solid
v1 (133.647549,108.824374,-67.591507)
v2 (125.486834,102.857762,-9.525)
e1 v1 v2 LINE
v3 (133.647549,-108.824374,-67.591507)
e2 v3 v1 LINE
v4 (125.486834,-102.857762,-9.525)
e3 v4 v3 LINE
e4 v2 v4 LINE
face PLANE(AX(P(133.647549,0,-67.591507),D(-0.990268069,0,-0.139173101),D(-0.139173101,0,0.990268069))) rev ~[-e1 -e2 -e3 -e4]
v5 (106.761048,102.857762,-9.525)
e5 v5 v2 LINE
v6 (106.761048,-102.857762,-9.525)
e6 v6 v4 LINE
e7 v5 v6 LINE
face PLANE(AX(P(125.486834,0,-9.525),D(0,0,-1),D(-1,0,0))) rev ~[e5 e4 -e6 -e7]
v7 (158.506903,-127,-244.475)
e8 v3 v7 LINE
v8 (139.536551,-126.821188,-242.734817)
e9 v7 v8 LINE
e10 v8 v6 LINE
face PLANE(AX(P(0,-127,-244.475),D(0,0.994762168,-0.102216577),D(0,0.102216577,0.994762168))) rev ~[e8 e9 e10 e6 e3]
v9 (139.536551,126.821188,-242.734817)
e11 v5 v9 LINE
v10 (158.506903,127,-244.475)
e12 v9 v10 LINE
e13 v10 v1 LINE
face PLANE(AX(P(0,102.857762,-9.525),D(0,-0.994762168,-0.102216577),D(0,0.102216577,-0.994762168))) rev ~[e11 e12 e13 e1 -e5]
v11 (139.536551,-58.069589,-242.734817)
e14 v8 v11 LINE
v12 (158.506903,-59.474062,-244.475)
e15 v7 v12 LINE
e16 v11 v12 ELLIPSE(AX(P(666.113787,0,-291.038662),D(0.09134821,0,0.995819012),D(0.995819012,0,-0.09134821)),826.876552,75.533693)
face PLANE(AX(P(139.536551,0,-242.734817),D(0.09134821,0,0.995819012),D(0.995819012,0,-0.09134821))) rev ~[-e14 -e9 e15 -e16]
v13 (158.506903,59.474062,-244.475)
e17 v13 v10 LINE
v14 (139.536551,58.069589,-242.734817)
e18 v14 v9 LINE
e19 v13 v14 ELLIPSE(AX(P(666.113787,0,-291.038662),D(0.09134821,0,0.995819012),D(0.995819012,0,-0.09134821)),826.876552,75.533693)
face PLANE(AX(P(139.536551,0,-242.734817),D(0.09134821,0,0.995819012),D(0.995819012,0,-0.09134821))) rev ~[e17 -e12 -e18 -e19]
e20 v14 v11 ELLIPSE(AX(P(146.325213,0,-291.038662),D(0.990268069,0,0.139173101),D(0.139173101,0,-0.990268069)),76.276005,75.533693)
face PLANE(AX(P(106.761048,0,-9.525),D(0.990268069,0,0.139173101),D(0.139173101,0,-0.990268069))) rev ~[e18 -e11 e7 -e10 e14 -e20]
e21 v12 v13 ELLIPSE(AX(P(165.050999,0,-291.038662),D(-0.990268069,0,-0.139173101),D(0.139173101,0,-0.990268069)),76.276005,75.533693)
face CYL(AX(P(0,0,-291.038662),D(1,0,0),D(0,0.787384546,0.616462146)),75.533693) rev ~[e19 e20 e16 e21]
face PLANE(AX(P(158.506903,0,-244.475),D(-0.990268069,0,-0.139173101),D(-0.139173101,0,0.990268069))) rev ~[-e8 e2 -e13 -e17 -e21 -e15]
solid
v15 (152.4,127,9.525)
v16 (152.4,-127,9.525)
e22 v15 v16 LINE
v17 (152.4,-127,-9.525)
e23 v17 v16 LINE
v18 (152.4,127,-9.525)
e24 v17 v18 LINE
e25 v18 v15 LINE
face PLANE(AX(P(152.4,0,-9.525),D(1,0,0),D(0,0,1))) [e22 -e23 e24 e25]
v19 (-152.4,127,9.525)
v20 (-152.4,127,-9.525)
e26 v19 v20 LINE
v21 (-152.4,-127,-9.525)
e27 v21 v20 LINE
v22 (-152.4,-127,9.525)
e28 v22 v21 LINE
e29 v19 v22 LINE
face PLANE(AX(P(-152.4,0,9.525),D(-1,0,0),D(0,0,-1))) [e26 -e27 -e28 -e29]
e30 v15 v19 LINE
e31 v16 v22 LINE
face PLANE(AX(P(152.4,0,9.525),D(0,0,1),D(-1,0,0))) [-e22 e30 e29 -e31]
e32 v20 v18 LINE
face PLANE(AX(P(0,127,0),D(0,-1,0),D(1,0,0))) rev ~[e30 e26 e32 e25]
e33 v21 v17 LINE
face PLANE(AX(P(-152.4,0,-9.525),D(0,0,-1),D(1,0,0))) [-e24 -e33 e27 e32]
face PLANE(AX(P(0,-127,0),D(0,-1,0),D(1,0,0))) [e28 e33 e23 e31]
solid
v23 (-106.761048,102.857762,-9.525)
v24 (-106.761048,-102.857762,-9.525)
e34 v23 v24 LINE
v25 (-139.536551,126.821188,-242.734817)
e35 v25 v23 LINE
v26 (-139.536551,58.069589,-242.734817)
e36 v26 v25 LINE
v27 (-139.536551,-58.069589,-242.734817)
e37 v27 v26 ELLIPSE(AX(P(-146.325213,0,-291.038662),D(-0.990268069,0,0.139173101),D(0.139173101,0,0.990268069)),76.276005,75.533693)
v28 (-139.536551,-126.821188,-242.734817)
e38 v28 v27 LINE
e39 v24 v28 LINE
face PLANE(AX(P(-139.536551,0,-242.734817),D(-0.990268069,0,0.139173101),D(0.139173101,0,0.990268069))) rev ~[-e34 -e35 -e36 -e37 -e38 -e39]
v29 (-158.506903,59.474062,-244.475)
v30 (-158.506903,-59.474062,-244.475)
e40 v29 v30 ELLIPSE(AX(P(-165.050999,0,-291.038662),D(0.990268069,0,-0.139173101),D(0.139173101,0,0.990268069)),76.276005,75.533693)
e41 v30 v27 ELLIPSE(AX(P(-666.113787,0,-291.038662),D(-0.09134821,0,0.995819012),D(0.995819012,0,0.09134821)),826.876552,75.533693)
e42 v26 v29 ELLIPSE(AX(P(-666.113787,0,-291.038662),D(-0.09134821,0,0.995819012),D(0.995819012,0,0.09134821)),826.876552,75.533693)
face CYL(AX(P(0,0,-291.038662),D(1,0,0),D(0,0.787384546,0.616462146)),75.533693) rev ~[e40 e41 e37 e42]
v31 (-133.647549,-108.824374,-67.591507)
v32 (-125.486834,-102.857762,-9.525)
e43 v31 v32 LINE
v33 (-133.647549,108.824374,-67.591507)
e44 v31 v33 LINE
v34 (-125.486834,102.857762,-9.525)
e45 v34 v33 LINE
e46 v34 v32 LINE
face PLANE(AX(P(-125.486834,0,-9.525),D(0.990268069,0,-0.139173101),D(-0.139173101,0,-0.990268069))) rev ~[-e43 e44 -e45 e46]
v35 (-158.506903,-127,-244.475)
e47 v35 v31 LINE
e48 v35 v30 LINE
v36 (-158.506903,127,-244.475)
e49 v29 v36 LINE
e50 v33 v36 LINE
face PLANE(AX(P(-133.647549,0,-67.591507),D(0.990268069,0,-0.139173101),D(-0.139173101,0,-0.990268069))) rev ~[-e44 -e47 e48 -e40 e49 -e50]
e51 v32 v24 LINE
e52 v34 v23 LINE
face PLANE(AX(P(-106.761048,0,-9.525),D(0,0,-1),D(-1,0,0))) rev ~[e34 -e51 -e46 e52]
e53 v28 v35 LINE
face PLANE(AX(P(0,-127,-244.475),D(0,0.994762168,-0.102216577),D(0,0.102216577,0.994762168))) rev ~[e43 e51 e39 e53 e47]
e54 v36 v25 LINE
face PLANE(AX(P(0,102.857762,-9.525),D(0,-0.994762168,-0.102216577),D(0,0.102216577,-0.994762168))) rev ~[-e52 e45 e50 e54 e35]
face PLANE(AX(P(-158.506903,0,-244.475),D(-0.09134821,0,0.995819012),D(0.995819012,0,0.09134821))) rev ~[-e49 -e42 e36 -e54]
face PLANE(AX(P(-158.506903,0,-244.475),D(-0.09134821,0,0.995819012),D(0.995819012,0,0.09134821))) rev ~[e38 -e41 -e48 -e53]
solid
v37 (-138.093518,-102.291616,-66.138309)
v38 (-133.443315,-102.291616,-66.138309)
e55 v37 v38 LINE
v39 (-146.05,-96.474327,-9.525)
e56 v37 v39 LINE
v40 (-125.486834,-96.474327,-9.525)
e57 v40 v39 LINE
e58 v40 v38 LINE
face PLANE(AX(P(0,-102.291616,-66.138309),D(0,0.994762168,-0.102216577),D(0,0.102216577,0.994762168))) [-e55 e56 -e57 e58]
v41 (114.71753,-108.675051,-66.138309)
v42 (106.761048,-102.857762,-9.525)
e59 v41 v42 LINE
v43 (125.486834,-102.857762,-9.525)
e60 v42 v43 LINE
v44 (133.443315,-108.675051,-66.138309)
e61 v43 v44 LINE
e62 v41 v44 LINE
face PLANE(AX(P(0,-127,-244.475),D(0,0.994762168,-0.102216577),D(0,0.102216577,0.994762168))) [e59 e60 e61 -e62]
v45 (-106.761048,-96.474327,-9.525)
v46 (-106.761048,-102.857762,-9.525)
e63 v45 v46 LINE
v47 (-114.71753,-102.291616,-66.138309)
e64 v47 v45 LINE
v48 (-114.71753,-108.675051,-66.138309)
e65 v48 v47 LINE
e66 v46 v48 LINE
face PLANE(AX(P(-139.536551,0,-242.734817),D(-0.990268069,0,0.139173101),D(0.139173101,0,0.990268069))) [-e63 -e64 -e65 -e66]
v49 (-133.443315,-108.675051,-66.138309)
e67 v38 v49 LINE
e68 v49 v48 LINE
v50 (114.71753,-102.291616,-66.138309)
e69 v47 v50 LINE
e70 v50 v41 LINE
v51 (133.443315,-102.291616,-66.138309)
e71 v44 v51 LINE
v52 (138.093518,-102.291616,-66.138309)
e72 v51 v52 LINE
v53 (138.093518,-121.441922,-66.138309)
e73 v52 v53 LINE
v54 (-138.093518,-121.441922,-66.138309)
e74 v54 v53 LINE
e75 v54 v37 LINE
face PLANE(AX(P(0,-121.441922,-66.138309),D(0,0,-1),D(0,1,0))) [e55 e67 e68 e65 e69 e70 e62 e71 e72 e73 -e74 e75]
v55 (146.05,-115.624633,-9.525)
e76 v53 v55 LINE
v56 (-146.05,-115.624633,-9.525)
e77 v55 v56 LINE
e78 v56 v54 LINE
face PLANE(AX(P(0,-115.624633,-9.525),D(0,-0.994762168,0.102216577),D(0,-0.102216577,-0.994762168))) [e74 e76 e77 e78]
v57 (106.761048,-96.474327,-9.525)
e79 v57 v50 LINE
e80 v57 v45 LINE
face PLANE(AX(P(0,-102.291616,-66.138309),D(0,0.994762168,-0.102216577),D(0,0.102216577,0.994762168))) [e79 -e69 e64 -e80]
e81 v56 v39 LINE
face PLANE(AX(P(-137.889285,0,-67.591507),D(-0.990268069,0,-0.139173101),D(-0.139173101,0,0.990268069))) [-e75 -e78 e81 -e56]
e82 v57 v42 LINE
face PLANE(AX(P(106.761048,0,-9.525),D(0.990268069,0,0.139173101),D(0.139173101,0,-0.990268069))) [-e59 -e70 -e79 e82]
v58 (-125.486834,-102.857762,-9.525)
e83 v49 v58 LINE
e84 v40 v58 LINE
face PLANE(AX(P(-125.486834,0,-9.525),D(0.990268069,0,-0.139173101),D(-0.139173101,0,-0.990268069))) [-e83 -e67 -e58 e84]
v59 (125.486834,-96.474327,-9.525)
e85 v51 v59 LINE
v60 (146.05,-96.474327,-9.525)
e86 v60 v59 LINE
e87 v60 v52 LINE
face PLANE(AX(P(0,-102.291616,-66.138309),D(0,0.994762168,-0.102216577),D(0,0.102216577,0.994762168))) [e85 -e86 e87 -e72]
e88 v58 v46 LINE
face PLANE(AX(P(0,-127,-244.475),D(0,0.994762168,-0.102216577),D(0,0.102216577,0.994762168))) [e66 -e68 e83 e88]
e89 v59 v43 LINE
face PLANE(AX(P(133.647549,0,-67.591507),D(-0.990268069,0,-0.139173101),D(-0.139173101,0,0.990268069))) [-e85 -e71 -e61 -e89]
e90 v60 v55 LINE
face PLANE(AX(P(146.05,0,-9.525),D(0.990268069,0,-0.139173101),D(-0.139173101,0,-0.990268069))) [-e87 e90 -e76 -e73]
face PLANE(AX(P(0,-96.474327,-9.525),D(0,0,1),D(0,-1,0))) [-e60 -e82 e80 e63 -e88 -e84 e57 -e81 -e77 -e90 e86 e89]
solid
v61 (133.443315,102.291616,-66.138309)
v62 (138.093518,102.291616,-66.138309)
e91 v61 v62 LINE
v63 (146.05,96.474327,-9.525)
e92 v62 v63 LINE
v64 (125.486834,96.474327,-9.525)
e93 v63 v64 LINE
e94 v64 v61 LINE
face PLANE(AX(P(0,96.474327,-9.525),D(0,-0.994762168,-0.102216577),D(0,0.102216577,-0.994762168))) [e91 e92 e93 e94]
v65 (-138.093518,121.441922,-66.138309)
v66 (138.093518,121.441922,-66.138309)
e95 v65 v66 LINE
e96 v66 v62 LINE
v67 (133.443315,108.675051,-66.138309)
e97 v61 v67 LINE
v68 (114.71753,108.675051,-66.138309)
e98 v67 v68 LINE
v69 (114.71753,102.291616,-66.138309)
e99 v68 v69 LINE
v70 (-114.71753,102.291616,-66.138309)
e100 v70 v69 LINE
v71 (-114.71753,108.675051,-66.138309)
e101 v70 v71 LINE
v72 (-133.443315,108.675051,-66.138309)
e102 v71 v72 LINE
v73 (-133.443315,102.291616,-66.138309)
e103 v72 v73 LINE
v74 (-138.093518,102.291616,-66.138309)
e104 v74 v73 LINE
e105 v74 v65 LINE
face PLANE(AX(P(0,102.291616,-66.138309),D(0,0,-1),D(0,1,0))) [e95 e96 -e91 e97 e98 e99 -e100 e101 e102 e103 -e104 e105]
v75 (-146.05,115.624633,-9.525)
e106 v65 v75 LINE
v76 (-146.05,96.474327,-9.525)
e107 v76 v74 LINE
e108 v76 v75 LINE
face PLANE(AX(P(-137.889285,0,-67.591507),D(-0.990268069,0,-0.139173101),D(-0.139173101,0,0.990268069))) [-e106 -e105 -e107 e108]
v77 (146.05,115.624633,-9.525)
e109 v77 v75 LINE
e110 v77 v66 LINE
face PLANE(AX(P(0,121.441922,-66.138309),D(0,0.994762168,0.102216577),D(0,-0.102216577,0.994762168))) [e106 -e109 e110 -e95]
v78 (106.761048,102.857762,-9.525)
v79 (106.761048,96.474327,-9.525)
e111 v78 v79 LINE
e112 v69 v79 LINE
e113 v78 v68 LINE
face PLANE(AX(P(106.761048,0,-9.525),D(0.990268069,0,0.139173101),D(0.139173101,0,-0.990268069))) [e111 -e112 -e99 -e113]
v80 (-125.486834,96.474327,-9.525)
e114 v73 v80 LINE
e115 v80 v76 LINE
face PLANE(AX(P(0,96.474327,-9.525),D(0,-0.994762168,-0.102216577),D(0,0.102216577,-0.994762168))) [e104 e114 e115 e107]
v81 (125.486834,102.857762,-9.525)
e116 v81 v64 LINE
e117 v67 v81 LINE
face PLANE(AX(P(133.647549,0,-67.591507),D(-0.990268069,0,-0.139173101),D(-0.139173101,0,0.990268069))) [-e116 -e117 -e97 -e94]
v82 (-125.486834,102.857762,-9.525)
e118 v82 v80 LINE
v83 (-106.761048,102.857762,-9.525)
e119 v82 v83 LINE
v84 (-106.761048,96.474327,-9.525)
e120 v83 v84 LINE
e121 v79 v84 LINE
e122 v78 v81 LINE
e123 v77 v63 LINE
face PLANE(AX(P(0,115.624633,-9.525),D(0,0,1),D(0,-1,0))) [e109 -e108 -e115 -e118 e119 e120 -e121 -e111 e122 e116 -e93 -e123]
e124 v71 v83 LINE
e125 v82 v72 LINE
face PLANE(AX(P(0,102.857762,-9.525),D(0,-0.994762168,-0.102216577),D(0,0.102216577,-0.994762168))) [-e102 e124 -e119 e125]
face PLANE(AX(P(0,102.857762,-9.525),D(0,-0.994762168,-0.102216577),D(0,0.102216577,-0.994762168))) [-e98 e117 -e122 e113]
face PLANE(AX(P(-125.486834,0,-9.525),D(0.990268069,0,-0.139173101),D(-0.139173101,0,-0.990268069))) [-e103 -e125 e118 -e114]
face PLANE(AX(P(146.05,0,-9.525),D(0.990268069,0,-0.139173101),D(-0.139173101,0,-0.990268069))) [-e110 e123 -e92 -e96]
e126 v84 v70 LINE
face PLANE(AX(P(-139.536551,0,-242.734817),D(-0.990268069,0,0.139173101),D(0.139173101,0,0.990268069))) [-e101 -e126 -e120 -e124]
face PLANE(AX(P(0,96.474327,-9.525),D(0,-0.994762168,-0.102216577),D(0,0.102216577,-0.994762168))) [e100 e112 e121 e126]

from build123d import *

# Parameters (mm, degrees)
F1_DEPTH      = 127
F2_DEPTH      = 127
F2_DEPTH_BACK = 127
F4_DEPTH      = 158.5079027961
F4_DEPTH_BACK = 158.5079027961
F6_DEPTH      = 152.146
F6_DEPTH_BACK = 152.146
F7_DEPTH      = 127.001
F7_DEPTH_BACK = 127.001


with BuildPart() as f1:
    # F0 (on Front) → F1 (new body, symmetric)
    with BuildSketch(Plane.XZ):
        Polygon((146.05, -9.525), (152.4, -9.525), (152.4, 9.525), (-152.4, 9.525), (-152.4, -9.525), (-146.05, -9.525), (-125.4868336827, -9.525), (-106.7610483312, -9.525), (106.7610483312, -9.525), (125.4868336827, -9.525), align=None)
    extrude(amount=F1_DEPTH, both=True)


with BuildPart() as f2:
    # F0 (on Front) → F2 (new body, two sides)
    with BuildSketch(Plane.XZ) as f2_sk:
        Polygon((-139.536550618, -242.7348166075), (-114.9217637123, -67.5915071359), (-133.6475490639, -67.5915071359), (-158.5069027961, -244.475), align=None)
        Polygon((-114.9217637123, -67.5915071359), (-106.7610483312, -9.525), (-125.4868336827, -9.525), (-133.6475490639, -67.5915071359), align=None)
    extrude(amount=-F2_DEPTH)
    extrude(f2_sk.sketch, amount=F2_DEPTH_BACK)


with BuildPart() as f2b:
    # F0 (on Front) → F2, piece 2 (new body, two sides)
    with BuildSketch(Plane.XZ) as f2_2_sk:
        Polygon((133.6475490639, -67.5915071359), (125.4868336827, -9.525), (106.7610483312, -9.525), (114.9217637123, -67.5915071359), align=None)
        Polygon((158.5069027961, -244.475), (133.6475490639, -67.5915071359), (114.9217637123, -67.5915071359), (139.536550618, -242.7348166075), align=None)
    extrude(amount=-F2_DEPTH)
    extrude(f2_2_sk.sketch, amount=F2_DEPTH_BACK)


with BuildPart() as f4_tool:
    # F3 (on Right) → F4 (new body, two sides)
    with BuildSketch(Plane.YZ) as f4_sk:
        Polygon((-126.9999999997, -244.475), (-102.8577622345, -9.525), (-126.9999999998, -9.525), align=None)
        Polygon((127.0000000002, -9.525), (102.8577622345, -9.525), (126.9999999997, -244.475), align=None)
        with BuildLine():
            ThreePointArc((59.4740621746, -244.475), (33.07728348, -223.1326092532), (0, -215.5049696562))
            ThreePointArc((0, -215.5049696562), (-33.07728348, -223.1326092532), (-59.4740621746, -244.475))
            Line((-59.4740621746, -244.475), (59.4740621746, -244.475))
        make_face()
    extrude(amount=F4_DEPTH)
    extrude(f4_sk.sketch, amount=-F4_DEPTH_BACK)


with BuildPart() as f2_1:
    add(f2.part)

    # F4: cut by f4_tool
    add(f4_tool.part, mode=Mode.SUBTRACT)


with BuildPart() as f2b_1:
    add(f2b.part)

    # F4: cut by f4_tool
    add(f4_tool.part, mode=Mode.SUBTRACT)


with BuildPart() as f6:
    # F5 (on Right) → F6 (new body, two sides)
    with BuildSketch(Plane.YZ) as f6_sk:
        Polygon((-108.6750508712, -66.1383089442), (-102.8577622345, -9.525), (-115.6246329554, -9.525), (-121.4419215921, -66.1383089442), align=None)
        Polygon((-96.474326874, -9.525), (-102.8577622345, -9.525), (-108.6750508712, -66.1383089442), (-102.2916155108, -66.1383089442), align=None)
    extrude(amount=F6_DEPTH)
    extrude(f6_sk.sketch, amount=-F6_DEPTH_BACK)


with BuildPart() as f6b:
    # F5 (on Right) → F6, piece 2 (new body, two sides)
    with BuildSketch(Plane.YZ) as f6_2_sk:
        Polygon((102.8577622344, -9.525), (96.474326874, -9.525), (102.2916155108, -66.1383089442), (108.6750508712, -66.1383089442), align=None)
        Polygon((115.6246329554, -9.525), (102.8577622344, -9.525), (108.6750508712, -66.1383089442), (121.4419215921, -66.1383089442), align=None)
    extrude(amount=F6_DEPTH)
    extrude(f6_2_sk.sketch, amount=-F6_DEPTH_BACK)


with BuildPart() as f7_tool:
    # F0 (on Front) → F7 (new body, two sides)
    with BuildSketch(Plane.XZ) as f7_sk:
        Polygon((-146.05, -9.525), (-152.4, -9.525), (-152.4, -67.5915071359), (-137.8892846189, -67.5915071359), align=None)
        Polygon((152.4, -67.5915071359), (152.4, -9.525), (146.05, -9.525), (137.8892846189, -67.5915071359), align=None)
    extrude(amount=-F7_DEPTH)
    extrude(f7_sk.sketch, amount=F7_DEPTH_BACK)


with BuildPart() as f6_1:
    add(f6.part)

    # F7: cut by f7_tool
    add(f7_tool.part, mode=Mode.SUBTRACT)

    # F8: cut F2b
    add(f2b_1.part, mode=Mode.SUBTRACT)

    # F10: cut F2
    add(f2_1.part, mode=Mode.SUBTRACT)


with BuildPart() as f6b_1:
    add(f6b.part)

    # F7: cut by f7_tool
    add(f7_tool.part, mode=Mode.SUBTRACT)

    # F9: cut F2b
    add(f2b_1.part, mode=Mode.SUBTRACT)

    # F11: cut F2
    add(f2_1.part, mode=Mode.SUBTRACT)


solid = Compound([f1.part, f2_1.part, f2b_1.part, f6_1.part, f6b_1.part])
